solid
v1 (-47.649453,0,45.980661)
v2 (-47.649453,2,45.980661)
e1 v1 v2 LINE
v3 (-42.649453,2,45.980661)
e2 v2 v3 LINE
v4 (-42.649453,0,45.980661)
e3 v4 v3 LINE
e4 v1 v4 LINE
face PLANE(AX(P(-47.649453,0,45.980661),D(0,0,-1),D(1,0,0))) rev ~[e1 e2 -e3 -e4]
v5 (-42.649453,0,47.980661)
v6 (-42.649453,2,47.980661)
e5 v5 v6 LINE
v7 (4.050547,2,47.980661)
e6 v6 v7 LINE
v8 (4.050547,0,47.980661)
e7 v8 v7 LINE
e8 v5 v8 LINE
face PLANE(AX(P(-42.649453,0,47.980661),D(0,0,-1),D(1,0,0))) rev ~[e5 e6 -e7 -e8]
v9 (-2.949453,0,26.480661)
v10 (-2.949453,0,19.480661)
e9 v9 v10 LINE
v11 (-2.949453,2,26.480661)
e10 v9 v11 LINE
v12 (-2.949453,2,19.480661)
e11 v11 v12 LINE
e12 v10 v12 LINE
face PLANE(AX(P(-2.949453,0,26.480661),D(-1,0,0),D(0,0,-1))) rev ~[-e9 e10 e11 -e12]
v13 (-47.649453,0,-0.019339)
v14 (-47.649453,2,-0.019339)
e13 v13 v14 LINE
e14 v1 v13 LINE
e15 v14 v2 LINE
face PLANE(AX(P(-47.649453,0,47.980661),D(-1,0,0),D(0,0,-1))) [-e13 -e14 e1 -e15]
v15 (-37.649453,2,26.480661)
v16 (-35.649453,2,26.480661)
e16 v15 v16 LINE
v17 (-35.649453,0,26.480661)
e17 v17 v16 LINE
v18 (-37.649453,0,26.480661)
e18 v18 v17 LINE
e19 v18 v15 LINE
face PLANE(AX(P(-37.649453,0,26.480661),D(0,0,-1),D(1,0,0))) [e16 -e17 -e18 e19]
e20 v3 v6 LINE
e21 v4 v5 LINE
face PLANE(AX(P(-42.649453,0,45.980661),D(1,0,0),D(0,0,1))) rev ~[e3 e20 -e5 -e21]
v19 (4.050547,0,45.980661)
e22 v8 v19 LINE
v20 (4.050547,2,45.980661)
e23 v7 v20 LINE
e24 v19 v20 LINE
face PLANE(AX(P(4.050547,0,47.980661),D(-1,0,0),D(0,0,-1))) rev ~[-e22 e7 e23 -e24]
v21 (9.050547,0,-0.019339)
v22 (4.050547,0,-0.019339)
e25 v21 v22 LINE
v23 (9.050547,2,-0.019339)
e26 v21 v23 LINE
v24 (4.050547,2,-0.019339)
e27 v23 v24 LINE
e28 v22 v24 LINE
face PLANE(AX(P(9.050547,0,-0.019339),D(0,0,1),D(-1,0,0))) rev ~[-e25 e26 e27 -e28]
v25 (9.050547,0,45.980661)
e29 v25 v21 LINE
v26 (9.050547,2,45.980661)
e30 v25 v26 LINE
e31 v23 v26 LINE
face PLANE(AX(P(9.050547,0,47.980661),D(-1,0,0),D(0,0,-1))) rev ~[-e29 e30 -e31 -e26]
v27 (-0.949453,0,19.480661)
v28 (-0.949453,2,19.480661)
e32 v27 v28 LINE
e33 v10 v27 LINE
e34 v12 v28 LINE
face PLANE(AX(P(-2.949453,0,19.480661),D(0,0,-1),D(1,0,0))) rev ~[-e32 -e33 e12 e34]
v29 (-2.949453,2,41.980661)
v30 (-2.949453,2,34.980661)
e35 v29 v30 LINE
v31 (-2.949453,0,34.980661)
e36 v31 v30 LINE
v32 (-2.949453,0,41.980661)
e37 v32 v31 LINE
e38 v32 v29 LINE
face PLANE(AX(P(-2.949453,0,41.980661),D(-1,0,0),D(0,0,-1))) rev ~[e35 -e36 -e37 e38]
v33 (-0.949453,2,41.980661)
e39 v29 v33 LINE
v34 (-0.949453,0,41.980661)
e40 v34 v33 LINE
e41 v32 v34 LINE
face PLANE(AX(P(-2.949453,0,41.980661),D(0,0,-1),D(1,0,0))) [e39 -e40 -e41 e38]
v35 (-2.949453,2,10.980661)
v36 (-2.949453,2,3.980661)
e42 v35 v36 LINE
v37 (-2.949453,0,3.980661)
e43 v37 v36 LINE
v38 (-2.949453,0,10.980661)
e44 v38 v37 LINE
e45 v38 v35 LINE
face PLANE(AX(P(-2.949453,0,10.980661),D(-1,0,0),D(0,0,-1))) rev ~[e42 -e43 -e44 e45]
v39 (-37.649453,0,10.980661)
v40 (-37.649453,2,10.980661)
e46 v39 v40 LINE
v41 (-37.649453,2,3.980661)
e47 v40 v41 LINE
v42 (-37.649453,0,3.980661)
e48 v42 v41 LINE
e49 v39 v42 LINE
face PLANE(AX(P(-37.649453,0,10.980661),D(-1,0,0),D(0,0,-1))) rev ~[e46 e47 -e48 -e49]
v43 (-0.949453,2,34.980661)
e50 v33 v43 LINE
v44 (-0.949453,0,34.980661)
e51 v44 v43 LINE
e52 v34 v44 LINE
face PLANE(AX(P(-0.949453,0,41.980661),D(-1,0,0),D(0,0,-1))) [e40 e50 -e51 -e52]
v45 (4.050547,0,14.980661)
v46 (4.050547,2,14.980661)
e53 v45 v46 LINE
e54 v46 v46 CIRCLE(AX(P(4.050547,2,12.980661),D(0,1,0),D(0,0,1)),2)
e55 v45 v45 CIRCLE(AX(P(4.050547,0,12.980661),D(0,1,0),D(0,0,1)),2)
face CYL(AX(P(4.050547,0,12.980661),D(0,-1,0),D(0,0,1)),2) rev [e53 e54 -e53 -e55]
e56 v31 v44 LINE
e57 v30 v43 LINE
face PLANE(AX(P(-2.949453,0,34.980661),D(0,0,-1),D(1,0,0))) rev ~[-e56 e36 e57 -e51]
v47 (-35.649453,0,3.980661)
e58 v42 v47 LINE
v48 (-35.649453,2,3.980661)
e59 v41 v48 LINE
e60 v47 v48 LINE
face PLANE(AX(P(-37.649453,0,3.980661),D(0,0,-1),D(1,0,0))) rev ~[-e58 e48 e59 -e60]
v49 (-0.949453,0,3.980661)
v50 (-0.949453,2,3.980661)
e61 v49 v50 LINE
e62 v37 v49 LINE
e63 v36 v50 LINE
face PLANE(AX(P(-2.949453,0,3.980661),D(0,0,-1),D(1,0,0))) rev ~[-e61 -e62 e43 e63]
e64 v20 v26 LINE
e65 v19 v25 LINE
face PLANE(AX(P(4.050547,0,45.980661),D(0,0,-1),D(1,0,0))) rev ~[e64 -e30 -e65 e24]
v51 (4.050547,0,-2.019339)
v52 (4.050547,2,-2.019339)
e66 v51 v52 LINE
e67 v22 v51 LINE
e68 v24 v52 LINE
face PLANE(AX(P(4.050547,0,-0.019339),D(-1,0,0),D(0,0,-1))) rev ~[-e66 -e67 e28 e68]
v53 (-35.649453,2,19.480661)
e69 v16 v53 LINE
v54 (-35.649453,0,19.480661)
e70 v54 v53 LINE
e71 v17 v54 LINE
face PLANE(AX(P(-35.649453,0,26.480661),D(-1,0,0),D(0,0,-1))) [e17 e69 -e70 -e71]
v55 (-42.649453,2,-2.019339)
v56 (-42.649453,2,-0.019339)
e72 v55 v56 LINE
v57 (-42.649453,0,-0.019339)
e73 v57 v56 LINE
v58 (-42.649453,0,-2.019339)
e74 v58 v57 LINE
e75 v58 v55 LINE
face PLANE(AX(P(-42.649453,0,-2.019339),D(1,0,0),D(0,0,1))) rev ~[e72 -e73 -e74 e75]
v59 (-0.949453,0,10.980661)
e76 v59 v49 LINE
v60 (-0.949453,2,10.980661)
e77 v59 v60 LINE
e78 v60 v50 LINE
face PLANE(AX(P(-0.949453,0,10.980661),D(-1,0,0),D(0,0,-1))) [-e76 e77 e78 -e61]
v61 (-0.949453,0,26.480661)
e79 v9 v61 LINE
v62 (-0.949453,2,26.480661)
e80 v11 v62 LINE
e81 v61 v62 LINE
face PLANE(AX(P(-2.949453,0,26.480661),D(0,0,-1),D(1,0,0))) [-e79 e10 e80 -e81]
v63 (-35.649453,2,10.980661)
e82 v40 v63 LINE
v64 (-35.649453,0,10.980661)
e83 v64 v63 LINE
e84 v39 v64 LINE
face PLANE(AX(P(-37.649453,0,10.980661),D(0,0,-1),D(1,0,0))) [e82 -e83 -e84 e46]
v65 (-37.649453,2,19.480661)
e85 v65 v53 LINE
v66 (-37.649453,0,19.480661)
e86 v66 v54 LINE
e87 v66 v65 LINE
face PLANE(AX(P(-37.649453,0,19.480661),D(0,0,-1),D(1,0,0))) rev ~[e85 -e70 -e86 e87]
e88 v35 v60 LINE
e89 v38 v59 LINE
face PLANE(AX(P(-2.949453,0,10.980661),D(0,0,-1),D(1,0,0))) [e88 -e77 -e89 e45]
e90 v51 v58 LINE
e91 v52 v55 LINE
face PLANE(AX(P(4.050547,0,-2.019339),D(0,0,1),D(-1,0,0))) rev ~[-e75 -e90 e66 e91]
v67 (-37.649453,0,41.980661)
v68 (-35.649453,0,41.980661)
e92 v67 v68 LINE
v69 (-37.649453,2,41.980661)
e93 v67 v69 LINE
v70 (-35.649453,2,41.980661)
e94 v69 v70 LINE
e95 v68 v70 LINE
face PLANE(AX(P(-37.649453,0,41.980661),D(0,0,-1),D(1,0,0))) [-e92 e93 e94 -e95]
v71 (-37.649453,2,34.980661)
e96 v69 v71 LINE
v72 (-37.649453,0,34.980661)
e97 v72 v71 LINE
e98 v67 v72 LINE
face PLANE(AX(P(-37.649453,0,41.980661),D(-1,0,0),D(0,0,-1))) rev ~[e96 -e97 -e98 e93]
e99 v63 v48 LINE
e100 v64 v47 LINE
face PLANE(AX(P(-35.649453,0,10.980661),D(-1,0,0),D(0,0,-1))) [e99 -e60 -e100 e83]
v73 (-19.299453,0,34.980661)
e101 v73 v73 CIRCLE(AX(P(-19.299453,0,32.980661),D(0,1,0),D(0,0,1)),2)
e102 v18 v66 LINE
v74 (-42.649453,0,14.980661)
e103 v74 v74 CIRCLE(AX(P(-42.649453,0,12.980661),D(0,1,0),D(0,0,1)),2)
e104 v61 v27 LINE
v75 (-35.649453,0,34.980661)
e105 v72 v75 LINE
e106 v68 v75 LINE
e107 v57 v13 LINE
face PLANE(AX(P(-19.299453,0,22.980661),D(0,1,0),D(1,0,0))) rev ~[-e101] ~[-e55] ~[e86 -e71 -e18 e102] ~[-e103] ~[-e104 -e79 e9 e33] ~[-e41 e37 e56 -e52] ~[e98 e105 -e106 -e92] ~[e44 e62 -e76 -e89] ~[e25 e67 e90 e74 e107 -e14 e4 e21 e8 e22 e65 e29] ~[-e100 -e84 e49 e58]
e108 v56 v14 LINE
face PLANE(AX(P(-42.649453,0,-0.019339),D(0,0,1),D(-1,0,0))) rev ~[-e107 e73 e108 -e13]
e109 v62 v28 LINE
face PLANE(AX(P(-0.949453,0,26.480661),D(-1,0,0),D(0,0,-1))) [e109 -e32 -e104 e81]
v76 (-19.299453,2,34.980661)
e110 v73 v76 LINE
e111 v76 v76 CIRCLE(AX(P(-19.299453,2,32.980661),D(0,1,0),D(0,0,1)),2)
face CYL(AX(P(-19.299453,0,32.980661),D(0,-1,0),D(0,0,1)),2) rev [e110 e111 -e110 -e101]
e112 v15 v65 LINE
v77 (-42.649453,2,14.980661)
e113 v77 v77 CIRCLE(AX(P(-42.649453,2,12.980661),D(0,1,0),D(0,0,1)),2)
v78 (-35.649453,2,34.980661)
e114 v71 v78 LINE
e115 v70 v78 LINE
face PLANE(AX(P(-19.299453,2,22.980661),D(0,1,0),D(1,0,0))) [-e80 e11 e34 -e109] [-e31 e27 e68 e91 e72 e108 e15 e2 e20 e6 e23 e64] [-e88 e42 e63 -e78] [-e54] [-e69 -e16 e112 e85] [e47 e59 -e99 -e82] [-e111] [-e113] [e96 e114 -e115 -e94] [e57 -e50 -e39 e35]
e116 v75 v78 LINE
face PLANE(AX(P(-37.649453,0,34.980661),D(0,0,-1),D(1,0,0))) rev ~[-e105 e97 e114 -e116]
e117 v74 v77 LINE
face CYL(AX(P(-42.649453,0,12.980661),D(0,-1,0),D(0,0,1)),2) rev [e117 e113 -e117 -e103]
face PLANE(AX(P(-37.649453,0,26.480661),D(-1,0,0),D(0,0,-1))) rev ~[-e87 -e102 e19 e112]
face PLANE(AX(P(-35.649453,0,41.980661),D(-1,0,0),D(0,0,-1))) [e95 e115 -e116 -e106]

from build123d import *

# Parameters (mm, degrees)
SKETCH1_W           = 2
SKETCH1_H           = 7
SKETCH1_R           = 2
BOSS_EXTRUDE1_DEPTH = 2
SKETCH2_W           = 23.15
SKETCH2_H           = 50
CUT_EXTRUDE1_DEPTH  = 10


with BuildPart() as part:
    # Sketch1 → Boss-Extrude1 (new body)
    with BuildSketch(Plane(origin=(0, 0, 0), x_dir=(1, 0, 0), z_dir=(0, 1, 0))):
        Polygon((-47.649453113, 2.019339096), (-70.799453113, 2.019339096), (-70.799453113, -47.980660904), (-47.649453113, -47.980660904), (-47.649453113, -45.980660904), (-42.649453113, -45.980660904), (-42.649453113, -47.980660904), (4.050546887, -47.980660904), (4.050546887, -45.980660904), (9.050546887, -45.980660904), (9.050546887, -47.980660904), (32.200546887, -47.980660904), (32.200546887, 2.019339096), (9.050546887, 2.019339096), (9.050546887, 0.019339096), (4.050546887, 0.019339096), (4.050546887, 2.019339096), (-42.649453113, 2.019339096), (-42.649453113, 0.019339096), (-47.649453113, 0.019339096), align=None)
        with Locations((-36.649453113, -38.480660904)):
            Rectangle(SKETCH1_W, SKETCH1_H, mode=Mode.SUBTRACT)
        with Locations((-1.949453113, -38.480660904)):
            Rectangle(SKETCH1_W, SKETCH1_H, mode=Mode.SUBTRACT)
        with Locations(Location((-19.299453113, -32.980660904, 0), (0, 0, 270))):
            Circle(SKETCH1_R, mode=Mode.SUBTRACT)
        with Locations((-36.649453113, -22.980660904)):
            Rectangle(SKETCH1_W, SKETCH1_H, mode=Mode.SUBTRACT)
        with Locations(Location((-42.649453113, -12.980660904, 0), (0, 0, 270))):
            Circle(SKETCH1_R, mode=Mode.SUBTRACT)
        with Locations((-36.649453113, -7.480660904)):
            Rectangle(SKETCH1_W, SKETCH1_H, mode=Mode.SUBTRACT)
        with Locations((-1.949453113, -22.980660904)):
            Rectangle(SKETCH1_W, SKETCH1_H, mode=Mode.SUBTRACT)
        with Locations(Location((4.050546887, -12.980660904, 0), (0, 0, 270))):
            Circle(SKETCH1_R, mode=Mode.SUBTRACT)
        with Locations((-1.949453113, -7.480660904)):
            Rectangle(SKETCH1_W, SKETCH1_H, mode=Mode.SUBTRACT)
    extrude(amount=BOSS_EXTRUDE1_DEPTH)

    # Sketch2 → Cut-Extrude1 (cut)
    with BuildSketch(Plane(origin=(0, 0, 0), x_dir=(-1, 0, 0), z_dir=(0, -1, 0))):
        with Locations((59.224453113, -22.980660904)):
            Rectangle(SKETCH2_W, SKETCH2_H)
        with Locations((-20.625546887, -22.980660904)):
            Rectangle(SKETCH2_W, SKETCH2_H)
    extrude(amount=-CUT_EXTRUDE1_DEPTH, mode=Mode.SUBTRACT)


solid = part.part
